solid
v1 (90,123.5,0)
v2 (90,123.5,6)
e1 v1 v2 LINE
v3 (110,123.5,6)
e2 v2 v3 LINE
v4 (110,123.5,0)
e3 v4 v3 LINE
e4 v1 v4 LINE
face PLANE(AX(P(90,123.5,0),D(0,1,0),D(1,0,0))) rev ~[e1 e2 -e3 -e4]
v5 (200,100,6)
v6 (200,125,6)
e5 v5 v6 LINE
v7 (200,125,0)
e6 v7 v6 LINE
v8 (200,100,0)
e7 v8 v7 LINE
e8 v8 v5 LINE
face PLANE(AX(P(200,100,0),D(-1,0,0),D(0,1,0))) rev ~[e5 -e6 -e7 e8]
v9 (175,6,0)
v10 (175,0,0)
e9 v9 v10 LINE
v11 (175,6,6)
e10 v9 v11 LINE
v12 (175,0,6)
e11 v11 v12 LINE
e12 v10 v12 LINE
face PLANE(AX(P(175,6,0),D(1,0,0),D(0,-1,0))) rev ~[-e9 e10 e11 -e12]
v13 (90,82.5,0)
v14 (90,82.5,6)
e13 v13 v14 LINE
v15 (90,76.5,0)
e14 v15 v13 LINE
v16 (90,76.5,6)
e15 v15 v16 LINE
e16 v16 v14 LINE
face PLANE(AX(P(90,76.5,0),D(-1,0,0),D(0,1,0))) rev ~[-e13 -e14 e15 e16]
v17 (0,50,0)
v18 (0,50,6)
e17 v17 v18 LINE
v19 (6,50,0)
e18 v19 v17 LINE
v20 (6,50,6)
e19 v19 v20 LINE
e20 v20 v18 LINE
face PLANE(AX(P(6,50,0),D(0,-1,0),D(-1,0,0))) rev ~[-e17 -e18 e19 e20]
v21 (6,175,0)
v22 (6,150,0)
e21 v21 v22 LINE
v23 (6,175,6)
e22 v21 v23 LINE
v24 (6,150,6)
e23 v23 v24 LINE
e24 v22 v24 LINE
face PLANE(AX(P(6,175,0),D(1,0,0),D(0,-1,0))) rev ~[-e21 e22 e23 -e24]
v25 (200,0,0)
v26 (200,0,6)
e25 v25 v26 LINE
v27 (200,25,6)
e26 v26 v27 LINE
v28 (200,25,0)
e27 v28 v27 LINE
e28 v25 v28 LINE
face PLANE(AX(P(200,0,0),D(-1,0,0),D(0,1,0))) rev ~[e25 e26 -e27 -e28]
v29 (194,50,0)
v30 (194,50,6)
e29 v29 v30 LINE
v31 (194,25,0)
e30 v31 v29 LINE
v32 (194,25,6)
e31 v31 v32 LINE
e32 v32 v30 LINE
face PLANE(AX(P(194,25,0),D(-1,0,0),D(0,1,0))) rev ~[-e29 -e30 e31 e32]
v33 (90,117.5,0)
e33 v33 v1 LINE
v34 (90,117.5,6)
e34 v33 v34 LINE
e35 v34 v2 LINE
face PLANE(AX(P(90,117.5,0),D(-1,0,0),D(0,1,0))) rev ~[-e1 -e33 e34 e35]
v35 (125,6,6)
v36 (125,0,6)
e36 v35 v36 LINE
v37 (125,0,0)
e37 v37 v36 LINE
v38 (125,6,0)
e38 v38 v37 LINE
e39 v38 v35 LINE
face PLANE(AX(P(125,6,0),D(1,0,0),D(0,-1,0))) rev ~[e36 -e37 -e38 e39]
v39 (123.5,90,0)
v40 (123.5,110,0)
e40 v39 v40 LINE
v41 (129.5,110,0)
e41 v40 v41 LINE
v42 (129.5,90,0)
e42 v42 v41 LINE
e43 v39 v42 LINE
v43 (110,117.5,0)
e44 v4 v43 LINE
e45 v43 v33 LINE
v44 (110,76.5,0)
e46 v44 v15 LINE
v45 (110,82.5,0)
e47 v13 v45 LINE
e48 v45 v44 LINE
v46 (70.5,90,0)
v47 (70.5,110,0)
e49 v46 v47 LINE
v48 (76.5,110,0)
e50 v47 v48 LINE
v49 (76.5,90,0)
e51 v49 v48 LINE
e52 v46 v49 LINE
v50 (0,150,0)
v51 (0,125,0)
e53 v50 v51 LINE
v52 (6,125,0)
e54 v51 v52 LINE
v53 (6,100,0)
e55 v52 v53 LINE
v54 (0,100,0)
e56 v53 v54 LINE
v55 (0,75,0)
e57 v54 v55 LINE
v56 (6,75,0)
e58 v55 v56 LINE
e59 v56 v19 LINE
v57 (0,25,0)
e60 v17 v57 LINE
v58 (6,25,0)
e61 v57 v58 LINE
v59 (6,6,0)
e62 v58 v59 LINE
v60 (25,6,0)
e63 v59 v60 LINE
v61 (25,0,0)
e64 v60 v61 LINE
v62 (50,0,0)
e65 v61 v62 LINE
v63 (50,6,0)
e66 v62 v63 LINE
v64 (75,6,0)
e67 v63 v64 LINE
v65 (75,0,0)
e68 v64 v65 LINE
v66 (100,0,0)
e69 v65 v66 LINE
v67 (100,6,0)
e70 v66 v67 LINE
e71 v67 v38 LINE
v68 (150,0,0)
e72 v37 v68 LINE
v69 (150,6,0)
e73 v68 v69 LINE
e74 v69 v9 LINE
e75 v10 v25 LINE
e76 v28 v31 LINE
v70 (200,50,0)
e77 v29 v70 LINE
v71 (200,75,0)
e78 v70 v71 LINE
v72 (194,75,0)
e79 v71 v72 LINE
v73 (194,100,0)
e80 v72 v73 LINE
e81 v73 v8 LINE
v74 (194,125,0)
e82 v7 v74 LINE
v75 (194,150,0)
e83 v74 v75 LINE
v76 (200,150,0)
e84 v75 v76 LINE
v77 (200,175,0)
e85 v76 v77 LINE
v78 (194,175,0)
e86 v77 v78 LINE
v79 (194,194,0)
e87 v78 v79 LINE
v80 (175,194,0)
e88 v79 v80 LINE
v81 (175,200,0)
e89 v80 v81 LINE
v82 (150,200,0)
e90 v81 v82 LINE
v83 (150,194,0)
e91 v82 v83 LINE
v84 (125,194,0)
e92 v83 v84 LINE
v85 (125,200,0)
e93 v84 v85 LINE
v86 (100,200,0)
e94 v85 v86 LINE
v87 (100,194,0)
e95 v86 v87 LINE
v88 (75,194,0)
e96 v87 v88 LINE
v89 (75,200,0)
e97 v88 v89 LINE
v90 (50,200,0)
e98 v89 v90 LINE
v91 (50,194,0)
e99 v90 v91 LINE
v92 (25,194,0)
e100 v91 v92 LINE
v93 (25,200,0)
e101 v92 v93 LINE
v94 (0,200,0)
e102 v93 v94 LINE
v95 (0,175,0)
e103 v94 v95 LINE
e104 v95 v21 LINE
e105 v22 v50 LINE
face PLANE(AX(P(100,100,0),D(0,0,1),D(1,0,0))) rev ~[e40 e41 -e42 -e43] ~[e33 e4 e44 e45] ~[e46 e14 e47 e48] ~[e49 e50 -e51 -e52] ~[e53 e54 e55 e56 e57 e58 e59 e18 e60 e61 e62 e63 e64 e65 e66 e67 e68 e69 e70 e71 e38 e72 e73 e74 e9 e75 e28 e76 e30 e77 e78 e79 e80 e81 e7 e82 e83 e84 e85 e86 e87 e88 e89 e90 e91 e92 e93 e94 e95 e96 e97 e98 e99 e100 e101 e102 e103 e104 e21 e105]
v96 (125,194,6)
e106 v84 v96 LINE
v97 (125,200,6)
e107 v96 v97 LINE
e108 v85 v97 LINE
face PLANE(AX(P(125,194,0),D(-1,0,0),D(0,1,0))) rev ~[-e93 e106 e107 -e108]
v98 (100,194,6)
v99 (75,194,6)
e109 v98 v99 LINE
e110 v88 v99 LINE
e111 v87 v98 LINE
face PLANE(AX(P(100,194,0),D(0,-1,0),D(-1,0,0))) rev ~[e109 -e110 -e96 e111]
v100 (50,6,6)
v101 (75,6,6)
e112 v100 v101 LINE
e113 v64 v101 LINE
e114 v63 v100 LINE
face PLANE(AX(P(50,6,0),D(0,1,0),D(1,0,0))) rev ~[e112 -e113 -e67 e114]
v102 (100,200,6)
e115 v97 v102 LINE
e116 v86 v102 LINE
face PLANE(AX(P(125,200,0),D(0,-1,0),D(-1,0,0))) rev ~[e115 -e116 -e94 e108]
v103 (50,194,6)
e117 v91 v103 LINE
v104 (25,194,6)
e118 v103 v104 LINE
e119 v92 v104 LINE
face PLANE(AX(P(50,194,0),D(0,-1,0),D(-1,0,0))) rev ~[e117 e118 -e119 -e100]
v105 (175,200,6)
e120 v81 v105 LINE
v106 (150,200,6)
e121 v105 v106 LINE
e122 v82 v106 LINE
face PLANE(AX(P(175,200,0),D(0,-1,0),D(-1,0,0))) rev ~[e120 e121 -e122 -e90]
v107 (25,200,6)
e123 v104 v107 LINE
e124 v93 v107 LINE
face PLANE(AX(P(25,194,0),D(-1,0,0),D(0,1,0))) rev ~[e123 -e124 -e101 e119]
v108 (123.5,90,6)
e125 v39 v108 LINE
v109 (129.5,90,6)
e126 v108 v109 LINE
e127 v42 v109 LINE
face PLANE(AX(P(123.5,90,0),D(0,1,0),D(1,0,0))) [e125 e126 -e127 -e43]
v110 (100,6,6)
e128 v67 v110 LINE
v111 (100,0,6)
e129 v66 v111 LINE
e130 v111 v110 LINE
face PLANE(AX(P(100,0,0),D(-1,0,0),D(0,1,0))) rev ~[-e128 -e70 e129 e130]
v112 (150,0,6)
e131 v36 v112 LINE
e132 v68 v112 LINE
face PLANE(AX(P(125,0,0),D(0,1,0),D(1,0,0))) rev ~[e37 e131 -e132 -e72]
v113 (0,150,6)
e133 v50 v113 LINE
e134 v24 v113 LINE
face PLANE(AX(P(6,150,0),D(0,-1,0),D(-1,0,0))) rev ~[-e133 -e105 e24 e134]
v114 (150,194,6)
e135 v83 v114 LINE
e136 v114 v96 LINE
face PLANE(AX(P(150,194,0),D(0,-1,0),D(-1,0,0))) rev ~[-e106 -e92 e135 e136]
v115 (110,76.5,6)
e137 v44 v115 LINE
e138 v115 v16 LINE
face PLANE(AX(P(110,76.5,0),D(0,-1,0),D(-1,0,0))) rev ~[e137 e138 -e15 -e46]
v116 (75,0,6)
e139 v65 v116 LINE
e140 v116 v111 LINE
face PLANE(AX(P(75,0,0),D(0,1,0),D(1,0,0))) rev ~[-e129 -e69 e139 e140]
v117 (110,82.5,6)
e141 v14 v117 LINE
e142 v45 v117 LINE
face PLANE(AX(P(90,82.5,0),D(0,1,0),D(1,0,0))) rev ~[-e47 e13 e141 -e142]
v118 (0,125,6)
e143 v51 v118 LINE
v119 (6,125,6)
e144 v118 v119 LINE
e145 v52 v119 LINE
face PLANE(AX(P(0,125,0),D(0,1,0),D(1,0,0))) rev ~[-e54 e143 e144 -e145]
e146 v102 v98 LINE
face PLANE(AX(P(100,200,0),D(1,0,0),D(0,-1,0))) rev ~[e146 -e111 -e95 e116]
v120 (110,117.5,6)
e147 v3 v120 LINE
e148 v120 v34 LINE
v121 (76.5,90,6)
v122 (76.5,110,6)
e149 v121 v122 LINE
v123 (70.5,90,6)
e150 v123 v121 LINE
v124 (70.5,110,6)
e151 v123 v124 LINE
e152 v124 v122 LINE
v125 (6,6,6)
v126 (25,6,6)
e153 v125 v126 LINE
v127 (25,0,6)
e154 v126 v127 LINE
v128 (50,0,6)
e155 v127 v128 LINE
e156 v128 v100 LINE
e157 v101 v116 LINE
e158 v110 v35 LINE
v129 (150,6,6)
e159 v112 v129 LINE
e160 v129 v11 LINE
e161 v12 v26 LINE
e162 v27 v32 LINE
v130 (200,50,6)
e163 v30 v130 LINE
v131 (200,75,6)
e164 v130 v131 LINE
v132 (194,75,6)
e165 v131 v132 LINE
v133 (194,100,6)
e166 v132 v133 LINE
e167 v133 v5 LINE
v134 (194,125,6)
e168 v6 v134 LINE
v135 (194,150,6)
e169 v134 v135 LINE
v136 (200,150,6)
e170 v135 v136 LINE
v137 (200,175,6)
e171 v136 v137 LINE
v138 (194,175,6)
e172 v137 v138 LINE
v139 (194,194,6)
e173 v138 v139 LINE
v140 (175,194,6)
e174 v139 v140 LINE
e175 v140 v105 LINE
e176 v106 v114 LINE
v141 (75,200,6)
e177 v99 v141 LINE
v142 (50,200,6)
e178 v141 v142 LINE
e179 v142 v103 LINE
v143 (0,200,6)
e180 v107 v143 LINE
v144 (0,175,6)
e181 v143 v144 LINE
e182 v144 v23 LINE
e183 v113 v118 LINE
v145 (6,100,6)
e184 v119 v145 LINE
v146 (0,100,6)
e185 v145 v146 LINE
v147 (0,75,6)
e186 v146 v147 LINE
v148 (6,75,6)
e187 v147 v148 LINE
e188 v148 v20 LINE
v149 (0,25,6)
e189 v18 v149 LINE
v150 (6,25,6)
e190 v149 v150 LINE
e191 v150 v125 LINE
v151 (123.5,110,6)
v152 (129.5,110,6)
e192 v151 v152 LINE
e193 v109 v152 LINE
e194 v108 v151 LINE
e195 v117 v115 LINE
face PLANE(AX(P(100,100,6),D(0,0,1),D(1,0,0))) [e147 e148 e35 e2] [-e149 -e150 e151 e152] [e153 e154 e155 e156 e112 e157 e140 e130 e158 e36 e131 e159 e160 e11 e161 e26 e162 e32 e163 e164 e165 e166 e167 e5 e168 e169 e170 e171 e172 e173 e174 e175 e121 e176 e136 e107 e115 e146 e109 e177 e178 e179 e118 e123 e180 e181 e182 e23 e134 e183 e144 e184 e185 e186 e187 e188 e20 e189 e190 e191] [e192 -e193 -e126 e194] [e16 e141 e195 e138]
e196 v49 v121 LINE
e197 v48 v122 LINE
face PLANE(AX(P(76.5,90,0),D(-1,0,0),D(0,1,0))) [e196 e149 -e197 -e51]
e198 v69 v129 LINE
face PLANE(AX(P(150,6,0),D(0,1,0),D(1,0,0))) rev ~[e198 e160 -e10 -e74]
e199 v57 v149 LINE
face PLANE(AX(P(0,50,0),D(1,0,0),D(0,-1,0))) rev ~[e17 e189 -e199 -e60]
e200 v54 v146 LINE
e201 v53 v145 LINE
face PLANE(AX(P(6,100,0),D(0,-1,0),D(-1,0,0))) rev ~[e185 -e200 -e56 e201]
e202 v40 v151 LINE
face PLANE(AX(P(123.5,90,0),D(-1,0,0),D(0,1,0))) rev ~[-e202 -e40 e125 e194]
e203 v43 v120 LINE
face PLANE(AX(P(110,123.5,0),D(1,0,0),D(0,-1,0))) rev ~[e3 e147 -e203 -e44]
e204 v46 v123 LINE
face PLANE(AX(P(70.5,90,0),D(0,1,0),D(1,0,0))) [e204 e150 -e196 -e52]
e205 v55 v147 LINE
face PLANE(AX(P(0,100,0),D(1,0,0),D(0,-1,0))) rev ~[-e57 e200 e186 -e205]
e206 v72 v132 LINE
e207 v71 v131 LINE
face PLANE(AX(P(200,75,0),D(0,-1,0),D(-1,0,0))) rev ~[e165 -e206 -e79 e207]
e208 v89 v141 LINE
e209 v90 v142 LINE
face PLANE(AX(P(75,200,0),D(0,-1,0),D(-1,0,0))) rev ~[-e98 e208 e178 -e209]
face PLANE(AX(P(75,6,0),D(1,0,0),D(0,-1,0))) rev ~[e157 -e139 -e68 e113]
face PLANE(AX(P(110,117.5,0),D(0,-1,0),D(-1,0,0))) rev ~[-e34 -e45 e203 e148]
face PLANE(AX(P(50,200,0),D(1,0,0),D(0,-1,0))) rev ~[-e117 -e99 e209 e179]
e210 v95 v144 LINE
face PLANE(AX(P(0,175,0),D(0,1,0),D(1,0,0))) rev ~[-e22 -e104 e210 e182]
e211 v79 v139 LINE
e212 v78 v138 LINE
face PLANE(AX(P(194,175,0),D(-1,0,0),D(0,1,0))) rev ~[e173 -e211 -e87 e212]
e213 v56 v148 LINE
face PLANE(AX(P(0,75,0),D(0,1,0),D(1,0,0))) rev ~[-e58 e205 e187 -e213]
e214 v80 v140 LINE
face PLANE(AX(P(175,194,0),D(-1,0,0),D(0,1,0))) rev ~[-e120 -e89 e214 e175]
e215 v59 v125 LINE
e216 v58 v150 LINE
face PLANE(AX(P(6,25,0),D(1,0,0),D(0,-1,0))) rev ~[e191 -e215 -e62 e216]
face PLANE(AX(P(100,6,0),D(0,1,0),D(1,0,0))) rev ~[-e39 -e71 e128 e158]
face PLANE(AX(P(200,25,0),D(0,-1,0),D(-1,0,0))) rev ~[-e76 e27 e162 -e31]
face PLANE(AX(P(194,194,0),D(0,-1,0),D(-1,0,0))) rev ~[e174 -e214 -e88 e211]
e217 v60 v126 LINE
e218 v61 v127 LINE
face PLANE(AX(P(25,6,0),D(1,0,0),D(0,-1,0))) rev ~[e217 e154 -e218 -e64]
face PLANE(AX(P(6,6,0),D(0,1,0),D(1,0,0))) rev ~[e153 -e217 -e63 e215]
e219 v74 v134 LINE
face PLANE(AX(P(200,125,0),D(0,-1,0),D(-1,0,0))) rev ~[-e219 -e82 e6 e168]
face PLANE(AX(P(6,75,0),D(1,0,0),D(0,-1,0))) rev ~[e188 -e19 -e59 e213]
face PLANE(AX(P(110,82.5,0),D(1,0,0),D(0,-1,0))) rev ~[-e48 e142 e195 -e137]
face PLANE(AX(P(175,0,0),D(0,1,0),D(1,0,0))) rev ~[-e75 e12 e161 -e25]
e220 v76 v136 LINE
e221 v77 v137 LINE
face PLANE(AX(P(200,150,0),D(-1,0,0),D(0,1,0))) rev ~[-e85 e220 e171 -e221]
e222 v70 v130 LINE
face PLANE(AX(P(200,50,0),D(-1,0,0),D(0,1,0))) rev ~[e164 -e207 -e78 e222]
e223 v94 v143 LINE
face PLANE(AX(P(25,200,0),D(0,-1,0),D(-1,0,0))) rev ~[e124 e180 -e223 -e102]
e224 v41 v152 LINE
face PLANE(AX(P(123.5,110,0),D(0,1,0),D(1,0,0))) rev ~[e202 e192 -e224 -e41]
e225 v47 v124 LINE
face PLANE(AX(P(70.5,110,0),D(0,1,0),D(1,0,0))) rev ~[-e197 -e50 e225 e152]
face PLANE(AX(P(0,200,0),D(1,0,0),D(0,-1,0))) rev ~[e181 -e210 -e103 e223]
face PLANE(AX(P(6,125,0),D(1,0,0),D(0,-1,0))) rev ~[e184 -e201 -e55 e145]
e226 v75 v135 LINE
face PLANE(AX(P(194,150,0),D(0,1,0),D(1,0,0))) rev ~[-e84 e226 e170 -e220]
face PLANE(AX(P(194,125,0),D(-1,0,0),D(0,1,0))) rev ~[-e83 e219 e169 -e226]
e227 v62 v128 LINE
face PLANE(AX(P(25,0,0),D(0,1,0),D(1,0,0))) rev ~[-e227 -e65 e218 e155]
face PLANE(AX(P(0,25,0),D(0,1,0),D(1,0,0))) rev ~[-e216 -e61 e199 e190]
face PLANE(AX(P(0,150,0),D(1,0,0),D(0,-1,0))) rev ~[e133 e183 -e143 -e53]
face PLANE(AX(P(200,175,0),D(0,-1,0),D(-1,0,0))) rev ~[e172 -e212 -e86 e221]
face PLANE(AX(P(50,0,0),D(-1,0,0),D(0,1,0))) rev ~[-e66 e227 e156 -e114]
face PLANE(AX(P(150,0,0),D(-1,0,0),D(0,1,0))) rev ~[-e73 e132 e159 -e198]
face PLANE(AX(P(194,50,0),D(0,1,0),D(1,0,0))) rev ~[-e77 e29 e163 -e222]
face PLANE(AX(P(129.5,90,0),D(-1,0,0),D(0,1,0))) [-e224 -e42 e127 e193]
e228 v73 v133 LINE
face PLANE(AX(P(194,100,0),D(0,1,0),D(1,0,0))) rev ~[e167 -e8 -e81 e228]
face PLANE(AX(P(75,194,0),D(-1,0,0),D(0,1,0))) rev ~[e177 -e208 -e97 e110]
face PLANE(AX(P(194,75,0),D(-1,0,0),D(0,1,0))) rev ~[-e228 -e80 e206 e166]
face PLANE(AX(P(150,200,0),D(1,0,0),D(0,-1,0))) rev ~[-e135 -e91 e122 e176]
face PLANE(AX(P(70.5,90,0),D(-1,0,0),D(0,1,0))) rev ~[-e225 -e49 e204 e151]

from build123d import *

# Parameters (mm, degrees)
ESBO_O1_W                = 6
ESBO_O1_H                = 20
RESSALTO_EXTRUS_O1_DEPTH = 6


with BuildPart() as part:
    # Esboço1 → Ressalto-extrusão1 (new body)
    with BuildSketch(Plane.XY):
        Polygon((194, 150), (200, 150), (200, 175), (194, 175), (194, 194), (175, 194), (175, 200), (150, 200), (150, 194), (125, 194), (125, 200), (100, 200), (100, 194), (75, 194), (75, 200), (50, 200), (50, 194), (25, 194), (25, 200), (0, 200), (0, 175), (6, 175), (6, 150), (0, 150), (0, 125), (6, 125), (6, 100), (0, 100), (0, 75), (6, 75), (6, 50), (0, 50), (0, 25), (6, 25), (6, 6), (25, 6), (25, 0), (50, 0), (50, 6), (75, 6), (75, 0), (100, 0), (100, 6), (125, 6), (125, 0), (150, 0), (150, 6), (175, 6), (175, 0), (200, 0), (200, 25), (194, 25), (194, 50), (200, 50), (200, 75), (194, 75), (194, 100), (200, 100), (200, 125), (194, 125), align=None)
        Polygon((100, 76.5), (90, 76.5), (90, 82.5), (100, 82.5), (110, 82.5), (110, 76.5), align=None, mode=Mode.SUBTRACT)
        with Locations((73.5, 100)):
            Rectangle(ESBO_O1_W, ESBO_O1_H, mode=Mode.SUBTRACT)
        Polygon((110, 117.5), (100, 117.5), (90, 117.5), (90, 123.5), (100, 123.5), (110, 123.5), align=None, mode=Mode.SUBTRACT)
        with Locations((126.5, 100)):
            Rectangle(ESBO_O1_W, ESBO_O1_H, mode=Mode.SUBTRACT)
    extrude(amount=RESSALTO_EXTRUS_O1_DEPTH)


solid = part.part
